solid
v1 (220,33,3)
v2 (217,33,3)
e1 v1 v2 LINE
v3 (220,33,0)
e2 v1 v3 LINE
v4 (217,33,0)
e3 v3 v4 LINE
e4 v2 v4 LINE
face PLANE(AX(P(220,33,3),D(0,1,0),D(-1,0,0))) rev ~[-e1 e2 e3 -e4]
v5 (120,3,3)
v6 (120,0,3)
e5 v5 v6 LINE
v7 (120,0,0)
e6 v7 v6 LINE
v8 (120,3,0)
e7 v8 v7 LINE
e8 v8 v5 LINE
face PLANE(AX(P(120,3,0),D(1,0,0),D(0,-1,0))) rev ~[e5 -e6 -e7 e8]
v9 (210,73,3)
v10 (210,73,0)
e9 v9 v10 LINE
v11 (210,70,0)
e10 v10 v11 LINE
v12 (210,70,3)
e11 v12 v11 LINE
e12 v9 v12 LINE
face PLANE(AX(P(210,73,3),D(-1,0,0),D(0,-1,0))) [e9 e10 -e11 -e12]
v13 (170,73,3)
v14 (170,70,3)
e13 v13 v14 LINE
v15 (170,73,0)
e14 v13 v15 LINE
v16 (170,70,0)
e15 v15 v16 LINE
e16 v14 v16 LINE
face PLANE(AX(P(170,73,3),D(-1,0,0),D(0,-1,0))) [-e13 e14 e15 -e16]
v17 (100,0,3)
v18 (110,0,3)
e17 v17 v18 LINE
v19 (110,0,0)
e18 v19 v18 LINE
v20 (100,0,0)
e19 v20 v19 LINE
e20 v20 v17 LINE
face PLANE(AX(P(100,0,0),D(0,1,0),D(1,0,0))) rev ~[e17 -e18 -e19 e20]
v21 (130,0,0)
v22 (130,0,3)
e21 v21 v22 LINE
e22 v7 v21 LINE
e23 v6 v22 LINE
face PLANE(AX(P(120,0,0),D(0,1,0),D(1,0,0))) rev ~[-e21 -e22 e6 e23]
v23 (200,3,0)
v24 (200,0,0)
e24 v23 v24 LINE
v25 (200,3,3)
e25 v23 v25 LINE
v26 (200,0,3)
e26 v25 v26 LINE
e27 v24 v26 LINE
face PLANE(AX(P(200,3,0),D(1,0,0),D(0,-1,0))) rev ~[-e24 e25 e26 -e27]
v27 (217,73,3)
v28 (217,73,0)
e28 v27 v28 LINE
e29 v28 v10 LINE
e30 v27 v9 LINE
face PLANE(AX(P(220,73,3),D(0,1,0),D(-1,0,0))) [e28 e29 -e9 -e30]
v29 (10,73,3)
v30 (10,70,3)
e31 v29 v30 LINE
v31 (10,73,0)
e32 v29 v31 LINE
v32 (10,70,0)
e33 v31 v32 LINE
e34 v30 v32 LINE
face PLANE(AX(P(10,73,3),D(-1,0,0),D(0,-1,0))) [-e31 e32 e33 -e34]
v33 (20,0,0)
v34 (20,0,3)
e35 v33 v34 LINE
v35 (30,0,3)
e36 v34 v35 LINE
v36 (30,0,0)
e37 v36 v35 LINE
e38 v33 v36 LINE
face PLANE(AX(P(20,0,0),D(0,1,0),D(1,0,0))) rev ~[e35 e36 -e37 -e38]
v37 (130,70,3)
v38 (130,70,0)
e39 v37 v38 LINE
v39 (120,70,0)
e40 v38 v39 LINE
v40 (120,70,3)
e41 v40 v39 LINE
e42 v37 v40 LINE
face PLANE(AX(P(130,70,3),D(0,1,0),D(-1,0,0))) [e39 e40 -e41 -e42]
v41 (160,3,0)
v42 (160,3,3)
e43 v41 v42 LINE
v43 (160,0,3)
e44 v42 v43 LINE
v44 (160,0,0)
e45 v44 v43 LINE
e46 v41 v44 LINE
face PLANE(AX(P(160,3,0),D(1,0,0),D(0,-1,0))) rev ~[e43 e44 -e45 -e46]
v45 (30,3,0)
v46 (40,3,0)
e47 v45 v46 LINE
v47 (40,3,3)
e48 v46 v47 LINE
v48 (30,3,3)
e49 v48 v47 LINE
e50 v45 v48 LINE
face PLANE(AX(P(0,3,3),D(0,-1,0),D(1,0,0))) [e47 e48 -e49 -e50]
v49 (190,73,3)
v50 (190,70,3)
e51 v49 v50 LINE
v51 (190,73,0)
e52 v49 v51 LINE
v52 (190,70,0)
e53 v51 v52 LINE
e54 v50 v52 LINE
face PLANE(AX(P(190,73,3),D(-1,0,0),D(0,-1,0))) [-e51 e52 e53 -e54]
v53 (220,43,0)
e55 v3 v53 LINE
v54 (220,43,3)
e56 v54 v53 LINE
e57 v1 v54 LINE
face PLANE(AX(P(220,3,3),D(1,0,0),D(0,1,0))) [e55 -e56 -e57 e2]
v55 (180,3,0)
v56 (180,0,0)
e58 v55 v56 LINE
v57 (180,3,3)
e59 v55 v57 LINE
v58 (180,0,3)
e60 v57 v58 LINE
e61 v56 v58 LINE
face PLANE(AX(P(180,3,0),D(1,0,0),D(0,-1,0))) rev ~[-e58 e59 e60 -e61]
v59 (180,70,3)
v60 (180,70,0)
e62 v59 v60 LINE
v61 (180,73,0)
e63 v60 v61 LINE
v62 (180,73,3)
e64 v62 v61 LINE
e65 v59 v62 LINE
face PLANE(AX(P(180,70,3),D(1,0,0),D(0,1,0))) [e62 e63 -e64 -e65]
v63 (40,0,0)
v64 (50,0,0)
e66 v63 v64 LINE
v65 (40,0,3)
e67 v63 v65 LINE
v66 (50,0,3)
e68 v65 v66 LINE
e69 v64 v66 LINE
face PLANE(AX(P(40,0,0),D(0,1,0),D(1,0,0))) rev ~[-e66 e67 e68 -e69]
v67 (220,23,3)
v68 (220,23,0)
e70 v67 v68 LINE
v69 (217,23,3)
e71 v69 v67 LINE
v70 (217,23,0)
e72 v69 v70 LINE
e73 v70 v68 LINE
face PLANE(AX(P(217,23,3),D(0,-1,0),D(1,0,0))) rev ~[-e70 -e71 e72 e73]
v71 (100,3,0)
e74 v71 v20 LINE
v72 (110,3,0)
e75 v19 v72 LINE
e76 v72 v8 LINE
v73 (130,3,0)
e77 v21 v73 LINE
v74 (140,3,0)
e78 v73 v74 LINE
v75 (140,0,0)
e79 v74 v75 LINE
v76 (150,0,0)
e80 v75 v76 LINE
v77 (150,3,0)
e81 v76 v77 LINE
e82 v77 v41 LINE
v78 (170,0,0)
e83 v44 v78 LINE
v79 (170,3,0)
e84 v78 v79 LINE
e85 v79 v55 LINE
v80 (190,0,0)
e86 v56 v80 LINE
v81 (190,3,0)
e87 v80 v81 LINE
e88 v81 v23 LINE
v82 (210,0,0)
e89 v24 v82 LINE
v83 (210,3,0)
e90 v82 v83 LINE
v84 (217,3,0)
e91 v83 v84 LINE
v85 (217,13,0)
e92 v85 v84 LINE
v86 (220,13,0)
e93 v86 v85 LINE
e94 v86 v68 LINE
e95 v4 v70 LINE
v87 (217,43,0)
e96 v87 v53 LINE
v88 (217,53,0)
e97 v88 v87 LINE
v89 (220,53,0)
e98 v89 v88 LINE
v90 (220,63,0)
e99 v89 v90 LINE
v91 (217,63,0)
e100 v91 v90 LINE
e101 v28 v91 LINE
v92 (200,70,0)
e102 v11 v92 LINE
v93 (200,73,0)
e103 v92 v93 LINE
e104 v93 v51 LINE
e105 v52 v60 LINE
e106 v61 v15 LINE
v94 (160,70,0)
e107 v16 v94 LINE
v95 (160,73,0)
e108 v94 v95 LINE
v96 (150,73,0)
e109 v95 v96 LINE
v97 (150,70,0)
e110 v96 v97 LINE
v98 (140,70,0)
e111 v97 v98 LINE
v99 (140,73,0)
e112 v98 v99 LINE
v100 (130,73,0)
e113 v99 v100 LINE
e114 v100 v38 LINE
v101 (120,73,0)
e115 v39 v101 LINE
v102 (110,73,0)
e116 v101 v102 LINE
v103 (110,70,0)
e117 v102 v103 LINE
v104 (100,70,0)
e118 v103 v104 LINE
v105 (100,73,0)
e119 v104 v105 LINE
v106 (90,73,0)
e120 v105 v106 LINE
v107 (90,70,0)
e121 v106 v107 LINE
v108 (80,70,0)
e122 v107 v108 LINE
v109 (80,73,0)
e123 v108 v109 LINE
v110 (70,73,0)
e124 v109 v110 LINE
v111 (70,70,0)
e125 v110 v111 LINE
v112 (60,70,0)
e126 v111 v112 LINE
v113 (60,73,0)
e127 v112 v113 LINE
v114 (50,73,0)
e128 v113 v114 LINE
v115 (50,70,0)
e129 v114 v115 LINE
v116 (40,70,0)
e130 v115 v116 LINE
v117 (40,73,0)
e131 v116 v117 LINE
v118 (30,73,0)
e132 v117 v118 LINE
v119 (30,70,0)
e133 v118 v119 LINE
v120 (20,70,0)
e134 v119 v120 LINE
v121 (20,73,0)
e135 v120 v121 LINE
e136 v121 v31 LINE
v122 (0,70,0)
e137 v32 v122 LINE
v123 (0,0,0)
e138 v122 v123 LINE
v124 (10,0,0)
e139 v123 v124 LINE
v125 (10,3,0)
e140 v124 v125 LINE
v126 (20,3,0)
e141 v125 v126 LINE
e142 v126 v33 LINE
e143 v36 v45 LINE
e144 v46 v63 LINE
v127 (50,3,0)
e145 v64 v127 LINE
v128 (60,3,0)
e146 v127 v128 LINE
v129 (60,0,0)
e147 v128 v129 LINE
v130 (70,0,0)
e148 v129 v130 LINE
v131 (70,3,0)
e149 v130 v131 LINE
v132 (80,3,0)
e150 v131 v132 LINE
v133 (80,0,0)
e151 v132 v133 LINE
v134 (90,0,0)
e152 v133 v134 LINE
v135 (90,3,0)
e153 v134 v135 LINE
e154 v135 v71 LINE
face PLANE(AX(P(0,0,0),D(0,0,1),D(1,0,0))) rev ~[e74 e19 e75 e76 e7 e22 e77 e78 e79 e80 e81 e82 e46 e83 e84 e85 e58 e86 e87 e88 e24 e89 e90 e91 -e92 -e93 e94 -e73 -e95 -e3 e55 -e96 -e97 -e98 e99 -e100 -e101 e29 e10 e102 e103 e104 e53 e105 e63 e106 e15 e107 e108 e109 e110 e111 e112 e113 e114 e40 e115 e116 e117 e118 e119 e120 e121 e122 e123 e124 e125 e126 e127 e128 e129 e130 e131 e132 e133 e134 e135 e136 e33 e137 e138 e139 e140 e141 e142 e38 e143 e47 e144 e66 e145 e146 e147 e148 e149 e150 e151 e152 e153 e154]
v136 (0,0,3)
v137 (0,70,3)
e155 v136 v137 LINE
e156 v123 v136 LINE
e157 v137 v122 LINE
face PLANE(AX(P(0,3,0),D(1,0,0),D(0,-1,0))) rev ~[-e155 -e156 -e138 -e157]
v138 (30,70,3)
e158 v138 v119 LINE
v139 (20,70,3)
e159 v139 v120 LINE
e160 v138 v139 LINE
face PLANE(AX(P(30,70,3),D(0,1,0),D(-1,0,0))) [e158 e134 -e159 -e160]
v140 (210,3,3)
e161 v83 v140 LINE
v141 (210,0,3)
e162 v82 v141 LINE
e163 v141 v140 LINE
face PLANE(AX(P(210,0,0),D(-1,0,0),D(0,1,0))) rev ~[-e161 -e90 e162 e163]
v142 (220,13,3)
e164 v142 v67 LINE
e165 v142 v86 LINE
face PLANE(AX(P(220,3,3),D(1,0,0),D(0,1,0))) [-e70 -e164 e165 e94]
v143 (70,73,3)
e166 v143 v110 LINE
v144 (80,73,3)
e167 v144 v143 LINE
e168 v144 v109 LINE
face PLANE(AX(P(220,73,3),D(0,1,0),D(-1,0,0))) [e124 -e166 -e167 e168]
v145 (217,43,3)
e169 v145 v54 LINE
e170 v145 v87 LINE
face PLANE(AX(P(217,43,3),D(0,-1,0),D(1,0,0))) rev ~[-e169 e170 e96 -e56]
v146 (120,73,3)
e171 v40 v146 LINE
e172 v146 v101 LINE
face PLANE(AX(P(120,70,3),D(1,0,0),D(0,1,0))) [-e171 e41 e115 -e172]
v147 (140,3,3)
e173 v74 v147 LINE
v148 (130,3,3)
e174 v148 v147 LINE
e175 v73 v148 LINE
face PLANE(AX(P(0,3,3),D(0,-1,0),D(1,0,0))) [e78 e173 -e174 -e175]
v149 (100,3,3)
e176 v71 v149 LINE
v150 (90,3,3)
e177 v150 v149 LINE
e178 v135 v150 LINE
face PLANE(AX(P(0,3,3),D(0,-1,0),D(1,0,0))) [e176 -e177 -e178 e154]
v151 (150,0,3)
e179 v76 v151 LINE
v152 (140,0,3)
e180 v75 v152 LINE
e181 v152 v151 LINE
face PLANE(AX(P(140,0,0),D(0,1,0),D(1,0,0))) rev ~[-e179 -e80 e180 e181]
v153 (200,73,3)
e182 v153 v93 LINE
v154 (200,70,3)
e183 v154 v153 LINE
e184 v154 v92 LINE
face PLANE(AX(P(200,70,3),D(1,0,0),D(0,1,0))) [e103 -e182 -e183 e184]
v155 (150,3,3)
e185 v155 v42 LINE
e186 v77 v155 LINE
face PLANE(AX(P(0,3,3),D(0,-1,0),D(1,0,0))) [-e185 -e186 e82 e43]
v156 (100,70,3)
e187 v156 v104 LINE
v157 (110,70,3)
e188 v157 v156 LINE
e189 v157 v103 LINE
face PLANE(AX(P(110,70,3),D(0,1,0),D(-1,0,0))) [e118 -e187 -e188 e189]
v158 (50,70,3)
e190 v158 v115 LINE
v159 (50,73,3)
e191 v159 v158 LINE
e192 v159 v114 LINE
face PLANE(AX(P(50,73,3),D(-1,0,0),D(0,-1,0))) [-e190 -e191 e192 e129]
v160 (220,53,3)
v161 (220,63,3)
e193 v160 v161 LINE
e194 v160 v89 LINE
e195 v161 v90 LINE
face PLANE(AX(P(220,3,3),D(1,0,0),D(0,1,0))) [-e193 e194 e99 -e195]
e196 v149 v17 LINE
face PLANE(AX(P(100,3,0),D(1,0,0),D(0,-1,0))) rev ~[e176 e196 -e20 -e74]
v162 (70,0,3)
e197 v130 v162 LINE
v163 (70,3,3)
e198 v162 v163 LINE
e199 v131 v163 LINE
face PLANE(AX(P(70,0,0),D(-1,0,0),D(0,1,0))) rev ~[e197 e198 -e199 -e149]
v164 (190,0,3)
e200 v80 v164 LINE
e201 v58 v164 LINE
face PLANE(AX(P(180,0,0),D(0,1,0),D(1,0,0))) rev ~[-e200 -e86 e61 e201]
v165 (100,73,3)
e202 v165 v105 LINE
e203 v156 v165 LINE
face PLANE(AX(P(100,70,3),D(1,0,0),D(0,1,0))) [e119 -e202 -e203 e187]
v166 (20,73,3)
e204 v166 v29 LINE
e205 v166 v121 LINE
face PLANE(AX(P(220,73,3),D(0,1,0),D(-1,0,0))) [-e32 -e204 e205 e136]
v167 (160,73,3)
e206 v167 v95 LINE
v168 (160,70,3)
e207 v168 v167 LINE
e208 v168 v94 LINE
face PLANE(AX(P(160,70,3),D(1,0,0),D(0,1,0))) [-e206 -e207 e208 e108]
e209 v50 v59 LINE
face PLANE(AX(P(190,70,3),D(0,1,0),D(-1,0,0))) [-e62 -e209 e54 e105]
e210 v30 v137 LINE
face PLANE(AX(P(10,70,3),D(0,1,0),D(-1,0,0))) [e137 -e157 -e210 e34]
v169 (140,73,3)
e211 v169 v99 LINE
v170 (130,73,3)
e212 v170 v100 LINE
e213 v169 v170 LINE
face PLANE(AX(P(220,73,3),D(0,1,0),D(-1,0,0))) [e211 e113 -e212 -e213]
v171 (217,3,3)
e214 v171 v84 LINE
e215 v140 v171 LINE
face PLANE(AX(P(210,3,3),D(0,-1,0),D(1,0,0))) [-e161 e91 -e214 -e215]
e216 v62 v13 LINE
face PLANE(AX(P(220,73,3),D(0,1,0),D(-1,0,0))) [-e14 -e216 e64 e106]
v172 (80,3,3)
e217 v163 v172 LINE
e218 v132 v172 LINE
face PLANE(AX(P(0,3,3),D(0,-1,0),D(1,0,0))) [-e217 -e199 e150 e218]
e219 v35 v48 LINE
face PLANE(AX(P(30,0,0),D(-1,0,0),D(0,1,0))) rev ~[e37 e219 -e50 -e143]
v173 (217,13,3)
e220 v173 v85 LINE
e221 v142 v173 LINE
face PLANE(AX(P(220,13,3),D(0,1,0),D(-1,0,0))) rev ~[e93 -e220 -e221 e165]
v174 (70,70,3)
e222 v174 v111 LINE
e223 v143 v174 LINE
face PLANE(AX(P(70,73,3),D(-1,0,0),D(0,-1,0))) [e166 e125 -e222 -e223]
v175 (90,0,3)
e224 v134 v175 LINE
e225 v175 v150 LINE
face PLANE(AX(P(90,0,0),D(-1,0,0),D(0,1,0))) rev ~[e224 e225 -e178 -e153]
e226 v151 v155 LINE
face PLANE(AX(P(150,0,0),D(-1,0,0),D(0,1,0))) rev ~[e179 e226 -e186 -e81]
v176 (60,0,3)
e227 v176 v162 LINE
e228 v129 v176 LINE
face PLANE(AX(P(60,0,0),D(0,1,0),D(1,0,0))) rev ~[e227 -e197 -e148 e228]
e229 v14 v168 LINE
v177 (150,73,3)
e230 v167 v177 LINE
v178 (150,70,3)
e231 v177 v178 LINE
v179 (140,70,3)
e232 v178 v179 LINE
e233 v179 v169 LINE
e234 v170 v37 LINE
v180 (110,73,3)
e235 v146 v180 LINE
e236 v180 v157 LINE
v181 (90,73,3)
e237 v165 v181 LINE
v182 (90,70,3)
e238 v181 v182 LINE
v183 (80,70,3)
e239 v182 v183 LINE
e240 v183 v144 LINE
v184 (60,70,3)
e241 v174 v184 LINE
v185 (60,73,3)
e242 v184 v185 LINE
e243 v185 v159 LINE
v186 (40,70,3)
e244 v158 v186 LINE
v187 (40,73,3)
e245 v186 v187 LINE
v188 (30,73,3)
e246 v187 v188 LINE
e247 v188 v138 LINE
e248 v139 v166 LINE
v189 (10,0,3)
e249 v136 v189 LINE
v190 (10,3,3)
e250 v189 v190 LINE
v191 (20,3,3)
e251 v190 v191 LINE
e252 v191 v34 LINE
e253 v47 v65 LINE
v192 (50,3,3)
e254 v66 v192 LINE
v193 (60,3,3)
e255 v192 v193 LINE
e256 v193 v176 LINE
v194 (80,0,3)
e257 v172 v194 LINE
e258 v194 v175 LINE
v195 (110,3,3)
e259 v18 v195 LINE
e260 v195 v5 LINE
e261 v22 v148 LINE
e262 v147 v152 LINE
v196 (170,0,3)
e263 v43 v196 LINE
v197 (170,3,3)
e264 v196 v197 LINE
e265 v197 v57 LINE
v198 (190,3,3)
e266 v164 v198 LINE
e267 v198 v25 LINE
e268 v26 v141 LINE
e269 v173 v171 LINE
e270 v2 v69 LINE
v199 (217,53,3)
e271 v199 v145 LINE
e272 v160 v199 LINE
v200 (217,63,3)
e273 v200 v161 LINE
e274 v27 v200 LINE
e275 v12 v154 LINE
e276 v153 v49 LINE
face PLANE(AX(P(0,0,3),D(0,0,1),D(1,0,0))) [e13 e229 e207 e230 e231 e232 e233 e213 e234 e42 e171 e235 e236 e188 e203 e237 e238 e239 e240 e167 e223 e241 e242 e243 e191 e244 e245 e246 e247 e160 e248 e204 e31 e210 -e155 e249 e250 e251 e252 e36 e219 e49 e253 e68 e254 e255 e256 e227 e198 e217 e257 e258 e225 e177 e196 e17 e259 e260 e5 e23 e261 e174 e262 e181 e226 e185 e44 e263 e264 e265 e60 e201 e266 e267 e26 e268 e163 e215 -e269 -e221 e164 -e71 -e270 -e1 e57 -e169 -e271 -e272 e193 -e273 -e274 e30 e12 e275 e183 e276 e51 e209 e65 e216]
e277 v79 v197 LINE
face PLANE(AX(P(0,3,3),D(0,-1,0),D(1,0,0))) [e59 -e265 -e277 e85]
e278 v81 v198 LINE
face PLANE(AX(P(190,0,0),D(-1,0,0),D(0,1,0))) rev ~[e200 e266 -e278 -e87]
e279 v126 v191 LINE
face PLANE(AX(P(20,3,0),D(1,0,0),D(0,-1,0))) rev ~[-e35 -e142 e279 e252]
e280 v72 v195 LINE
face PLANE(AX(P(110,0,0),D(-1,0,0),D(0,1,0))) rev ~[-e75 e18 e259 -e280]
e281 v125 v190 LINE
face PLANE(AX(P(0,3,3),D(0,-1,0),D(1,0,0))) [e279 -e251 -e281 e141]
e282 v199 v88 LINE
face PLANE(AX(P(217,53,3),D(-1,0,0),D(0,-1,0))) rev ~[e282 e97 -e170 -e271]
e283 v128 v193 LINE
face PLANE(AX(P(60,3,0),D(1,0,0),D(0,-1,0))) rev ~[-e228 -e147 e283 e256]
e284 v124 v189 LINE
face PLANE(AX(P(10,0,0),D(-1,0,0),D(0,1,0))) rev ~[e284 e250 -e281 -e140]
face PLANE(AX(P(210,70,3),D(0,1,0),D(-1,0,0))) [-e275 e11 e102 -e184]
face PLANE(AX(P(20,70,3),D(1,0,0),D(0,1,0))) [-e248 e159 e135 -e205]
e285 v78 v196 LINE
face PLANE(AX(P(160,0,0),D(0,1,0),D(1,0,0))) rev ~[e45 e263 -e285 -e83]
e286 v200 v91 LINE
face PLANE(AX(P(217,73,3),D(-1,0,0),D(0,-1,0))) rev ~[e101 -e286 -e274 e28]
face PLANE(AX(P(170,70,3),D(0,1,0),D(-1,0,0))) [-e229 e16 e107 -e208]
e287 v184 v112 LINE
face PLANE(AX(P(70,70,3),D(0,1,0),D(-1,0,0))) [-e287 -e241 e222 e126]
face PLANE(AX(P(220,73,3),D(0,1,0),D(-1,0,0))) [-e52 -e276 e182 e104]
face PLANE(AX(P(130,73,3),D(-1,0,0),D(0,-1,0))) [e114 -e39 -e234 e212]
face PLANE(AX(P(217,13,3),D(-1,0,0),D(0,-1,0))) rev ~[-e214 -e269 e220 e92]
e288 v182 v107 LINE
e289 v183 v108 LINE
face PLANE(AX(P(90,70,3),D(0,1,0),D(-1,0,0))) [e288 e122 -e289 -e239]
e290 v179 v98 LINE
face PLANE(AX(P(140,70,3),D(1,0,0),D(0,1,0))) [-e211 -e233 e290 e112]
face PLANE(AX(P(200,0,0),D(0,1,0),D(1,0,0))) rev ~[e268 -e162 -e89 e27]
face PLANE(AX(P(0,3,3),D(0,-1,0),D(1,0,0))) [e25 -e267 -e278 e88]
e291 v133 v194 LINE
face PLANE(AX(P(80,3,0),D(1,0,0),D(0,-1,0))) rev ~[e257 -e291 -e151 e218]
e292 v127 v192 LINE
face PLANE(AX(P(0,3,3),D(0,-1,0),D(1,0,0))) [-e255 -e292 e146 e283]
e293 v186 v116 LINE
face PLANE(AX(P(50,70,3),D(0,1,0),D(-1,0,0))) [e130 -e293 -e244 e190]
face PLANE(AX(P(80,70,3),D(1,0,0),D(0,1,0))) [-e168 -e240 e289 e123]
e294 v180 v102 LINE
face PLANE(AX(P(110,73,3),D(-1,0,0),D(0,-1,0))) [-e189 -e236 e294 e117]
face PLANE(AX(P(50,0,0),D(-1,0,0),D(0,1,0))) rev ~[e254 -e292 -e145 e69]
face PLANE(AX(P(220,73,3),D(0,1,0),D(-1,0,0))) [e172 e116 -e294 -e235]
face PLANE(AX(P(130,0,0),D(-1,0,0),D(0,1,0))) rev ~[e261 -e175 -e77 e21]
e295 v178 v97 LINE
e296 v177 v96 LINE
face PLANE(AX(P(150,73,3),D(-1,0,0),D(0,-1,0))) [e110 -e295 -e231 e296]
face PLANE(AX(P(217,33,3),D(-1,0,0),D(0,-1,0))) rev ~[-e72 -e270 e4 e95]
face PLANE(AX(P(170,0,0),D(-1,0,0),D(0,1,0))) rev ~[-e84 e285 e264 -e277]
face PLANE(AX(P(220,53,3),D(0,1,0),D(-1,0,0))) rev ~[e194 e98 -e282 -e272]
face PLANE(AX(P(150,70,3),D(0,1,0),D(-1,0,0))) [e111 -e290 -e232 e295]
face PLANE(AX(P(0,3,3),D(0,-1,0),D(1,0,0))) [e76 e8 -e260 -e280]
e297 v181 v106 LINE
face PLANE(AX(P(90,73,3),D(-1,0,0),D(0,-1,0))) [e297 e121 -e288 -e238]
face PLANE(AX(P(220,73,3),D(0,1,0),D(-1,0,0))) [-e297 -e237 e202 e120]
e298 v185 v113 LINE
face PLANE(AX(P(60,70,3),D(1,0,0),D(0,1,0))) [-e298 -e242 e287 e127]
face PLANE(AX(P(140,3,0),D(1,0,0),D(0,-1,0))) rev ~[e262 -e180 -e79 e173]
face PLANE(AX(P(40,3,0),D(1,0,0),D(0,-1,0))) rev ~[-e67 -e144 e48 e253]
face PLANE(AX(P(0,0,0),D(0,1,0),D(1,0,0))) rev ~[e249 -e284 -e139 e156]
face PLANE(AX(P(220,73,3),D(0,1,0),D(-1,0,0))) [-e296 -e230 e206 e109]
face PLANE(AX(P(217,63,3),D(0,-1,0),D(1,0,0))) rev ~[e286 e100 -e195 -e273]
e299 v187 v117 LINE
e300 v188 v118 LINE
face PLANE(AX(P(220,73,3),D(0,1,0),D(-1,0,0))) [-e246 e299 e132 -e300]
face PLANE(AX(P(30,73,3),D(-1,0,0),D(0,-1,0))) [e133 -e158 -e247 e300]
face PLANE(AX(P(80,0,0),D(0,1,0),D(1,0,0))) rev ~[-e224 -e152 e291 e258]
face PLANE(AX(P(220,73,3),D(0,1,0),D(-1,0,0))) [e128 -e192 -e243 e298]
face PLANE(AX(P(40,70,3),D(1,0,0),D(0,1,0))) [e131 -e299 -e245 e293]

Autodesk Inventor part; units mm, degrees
ref_plane "YZ Plane" through (0, 0, 0) normal (1, 0, 0) x (0, 1, 0)
ref_plane "XZ Plane" through (0, 0, 0) normal (0, 1, 0) x (-1, 0, 0)
ref_plane "XY Plane" through (0, 0, 0) normal (0, 0, 1) x (1, 0, 0)
sketch "Эскиз1" plane through (0, 0, 0) normal (0, 0, 1) x (1, 0, 0)
  line L0 (0, 0) -> (10, 0)
  line L1 (10, 0) -> (10, 3)
  line L2 (10, 3) -> (0, 3)
  line L3 (0, 3) -> (0, 0)
  dimension "d0" = 10
  dimension "d1" = 3
extrude "Выдавливание1" add sketch "Эскиз1" along normal blind 3
pattern_linear "Прямоуг.массив1" count 11 spacing 20 along (1, 0, 0) of "Выдавливание1"
sketch "Эскиз2" plane through (0, 0, 3) normal (0, 0, 1) x (1, 0, 0)
  line L0 (0, 3) -> (0, 0) projected
  line L1 (0, 3) -> (220, 3)
  line L2 (220, 3) -> (220, 73)
  line L3 (220, 73) -> (0, 73)
  line L4 (0, 73) -> (0, 3)
  line L5 (210, 0) -> (210, 3) projected
  dimension "d8" = 70
  dimension "d11" = 10
extrude "Выдавливание2" add sketch "Эскиз2" against normal blind 3
sketch "Эскиз3" plane through (0, 0, 3) normal (0, 0, 1) x (1, 0, 0)
  line L0 (220, 73) -> (0, 73) projected
  line L1 (220, 73) -> (217, 73)
  line L2 (217, 73) -> (217, 63)
  line L3 (217, 63) -> (220, 63)
  line L4 (220, 63) -> (220, 73)
  point P0 (0, 0)
  dimension "d12" = 3
  dimension "d13" = 10
extrude "Выдавливание3" cut sketch "Эскиз3" against normal blind 3
pattern_linear "Прямоуг.массив2" count 4 spacing 20 along (0, -1, 0) of "Выдавливание3"
sketch "Эскиз4" plane through (0, 0, 3) normal (0, 0, 1) x (1, 0, 0)
  line L0 (0, 73) -> (217, 73) projected
  line L1 (0, 73) -> (10, 73)
  line L2 (10, 73) -> (10, 70)
  line L3 (10, 70) -> (0, 70)
  line L4 (0, 70) -> (0, 73)
  point P0 (0, 0)
  dimension "d19" = 10
  dimension "d20" = 3
extrude "Выдавливание4" cut sketch "Эскиз4" against normal blind 3
pattern_linear "Прямоуг.массив3" count 11 spacing 20 along (1, 0, 0) of "Выдавливание4"
properties part number "000.102 - Left wall"
